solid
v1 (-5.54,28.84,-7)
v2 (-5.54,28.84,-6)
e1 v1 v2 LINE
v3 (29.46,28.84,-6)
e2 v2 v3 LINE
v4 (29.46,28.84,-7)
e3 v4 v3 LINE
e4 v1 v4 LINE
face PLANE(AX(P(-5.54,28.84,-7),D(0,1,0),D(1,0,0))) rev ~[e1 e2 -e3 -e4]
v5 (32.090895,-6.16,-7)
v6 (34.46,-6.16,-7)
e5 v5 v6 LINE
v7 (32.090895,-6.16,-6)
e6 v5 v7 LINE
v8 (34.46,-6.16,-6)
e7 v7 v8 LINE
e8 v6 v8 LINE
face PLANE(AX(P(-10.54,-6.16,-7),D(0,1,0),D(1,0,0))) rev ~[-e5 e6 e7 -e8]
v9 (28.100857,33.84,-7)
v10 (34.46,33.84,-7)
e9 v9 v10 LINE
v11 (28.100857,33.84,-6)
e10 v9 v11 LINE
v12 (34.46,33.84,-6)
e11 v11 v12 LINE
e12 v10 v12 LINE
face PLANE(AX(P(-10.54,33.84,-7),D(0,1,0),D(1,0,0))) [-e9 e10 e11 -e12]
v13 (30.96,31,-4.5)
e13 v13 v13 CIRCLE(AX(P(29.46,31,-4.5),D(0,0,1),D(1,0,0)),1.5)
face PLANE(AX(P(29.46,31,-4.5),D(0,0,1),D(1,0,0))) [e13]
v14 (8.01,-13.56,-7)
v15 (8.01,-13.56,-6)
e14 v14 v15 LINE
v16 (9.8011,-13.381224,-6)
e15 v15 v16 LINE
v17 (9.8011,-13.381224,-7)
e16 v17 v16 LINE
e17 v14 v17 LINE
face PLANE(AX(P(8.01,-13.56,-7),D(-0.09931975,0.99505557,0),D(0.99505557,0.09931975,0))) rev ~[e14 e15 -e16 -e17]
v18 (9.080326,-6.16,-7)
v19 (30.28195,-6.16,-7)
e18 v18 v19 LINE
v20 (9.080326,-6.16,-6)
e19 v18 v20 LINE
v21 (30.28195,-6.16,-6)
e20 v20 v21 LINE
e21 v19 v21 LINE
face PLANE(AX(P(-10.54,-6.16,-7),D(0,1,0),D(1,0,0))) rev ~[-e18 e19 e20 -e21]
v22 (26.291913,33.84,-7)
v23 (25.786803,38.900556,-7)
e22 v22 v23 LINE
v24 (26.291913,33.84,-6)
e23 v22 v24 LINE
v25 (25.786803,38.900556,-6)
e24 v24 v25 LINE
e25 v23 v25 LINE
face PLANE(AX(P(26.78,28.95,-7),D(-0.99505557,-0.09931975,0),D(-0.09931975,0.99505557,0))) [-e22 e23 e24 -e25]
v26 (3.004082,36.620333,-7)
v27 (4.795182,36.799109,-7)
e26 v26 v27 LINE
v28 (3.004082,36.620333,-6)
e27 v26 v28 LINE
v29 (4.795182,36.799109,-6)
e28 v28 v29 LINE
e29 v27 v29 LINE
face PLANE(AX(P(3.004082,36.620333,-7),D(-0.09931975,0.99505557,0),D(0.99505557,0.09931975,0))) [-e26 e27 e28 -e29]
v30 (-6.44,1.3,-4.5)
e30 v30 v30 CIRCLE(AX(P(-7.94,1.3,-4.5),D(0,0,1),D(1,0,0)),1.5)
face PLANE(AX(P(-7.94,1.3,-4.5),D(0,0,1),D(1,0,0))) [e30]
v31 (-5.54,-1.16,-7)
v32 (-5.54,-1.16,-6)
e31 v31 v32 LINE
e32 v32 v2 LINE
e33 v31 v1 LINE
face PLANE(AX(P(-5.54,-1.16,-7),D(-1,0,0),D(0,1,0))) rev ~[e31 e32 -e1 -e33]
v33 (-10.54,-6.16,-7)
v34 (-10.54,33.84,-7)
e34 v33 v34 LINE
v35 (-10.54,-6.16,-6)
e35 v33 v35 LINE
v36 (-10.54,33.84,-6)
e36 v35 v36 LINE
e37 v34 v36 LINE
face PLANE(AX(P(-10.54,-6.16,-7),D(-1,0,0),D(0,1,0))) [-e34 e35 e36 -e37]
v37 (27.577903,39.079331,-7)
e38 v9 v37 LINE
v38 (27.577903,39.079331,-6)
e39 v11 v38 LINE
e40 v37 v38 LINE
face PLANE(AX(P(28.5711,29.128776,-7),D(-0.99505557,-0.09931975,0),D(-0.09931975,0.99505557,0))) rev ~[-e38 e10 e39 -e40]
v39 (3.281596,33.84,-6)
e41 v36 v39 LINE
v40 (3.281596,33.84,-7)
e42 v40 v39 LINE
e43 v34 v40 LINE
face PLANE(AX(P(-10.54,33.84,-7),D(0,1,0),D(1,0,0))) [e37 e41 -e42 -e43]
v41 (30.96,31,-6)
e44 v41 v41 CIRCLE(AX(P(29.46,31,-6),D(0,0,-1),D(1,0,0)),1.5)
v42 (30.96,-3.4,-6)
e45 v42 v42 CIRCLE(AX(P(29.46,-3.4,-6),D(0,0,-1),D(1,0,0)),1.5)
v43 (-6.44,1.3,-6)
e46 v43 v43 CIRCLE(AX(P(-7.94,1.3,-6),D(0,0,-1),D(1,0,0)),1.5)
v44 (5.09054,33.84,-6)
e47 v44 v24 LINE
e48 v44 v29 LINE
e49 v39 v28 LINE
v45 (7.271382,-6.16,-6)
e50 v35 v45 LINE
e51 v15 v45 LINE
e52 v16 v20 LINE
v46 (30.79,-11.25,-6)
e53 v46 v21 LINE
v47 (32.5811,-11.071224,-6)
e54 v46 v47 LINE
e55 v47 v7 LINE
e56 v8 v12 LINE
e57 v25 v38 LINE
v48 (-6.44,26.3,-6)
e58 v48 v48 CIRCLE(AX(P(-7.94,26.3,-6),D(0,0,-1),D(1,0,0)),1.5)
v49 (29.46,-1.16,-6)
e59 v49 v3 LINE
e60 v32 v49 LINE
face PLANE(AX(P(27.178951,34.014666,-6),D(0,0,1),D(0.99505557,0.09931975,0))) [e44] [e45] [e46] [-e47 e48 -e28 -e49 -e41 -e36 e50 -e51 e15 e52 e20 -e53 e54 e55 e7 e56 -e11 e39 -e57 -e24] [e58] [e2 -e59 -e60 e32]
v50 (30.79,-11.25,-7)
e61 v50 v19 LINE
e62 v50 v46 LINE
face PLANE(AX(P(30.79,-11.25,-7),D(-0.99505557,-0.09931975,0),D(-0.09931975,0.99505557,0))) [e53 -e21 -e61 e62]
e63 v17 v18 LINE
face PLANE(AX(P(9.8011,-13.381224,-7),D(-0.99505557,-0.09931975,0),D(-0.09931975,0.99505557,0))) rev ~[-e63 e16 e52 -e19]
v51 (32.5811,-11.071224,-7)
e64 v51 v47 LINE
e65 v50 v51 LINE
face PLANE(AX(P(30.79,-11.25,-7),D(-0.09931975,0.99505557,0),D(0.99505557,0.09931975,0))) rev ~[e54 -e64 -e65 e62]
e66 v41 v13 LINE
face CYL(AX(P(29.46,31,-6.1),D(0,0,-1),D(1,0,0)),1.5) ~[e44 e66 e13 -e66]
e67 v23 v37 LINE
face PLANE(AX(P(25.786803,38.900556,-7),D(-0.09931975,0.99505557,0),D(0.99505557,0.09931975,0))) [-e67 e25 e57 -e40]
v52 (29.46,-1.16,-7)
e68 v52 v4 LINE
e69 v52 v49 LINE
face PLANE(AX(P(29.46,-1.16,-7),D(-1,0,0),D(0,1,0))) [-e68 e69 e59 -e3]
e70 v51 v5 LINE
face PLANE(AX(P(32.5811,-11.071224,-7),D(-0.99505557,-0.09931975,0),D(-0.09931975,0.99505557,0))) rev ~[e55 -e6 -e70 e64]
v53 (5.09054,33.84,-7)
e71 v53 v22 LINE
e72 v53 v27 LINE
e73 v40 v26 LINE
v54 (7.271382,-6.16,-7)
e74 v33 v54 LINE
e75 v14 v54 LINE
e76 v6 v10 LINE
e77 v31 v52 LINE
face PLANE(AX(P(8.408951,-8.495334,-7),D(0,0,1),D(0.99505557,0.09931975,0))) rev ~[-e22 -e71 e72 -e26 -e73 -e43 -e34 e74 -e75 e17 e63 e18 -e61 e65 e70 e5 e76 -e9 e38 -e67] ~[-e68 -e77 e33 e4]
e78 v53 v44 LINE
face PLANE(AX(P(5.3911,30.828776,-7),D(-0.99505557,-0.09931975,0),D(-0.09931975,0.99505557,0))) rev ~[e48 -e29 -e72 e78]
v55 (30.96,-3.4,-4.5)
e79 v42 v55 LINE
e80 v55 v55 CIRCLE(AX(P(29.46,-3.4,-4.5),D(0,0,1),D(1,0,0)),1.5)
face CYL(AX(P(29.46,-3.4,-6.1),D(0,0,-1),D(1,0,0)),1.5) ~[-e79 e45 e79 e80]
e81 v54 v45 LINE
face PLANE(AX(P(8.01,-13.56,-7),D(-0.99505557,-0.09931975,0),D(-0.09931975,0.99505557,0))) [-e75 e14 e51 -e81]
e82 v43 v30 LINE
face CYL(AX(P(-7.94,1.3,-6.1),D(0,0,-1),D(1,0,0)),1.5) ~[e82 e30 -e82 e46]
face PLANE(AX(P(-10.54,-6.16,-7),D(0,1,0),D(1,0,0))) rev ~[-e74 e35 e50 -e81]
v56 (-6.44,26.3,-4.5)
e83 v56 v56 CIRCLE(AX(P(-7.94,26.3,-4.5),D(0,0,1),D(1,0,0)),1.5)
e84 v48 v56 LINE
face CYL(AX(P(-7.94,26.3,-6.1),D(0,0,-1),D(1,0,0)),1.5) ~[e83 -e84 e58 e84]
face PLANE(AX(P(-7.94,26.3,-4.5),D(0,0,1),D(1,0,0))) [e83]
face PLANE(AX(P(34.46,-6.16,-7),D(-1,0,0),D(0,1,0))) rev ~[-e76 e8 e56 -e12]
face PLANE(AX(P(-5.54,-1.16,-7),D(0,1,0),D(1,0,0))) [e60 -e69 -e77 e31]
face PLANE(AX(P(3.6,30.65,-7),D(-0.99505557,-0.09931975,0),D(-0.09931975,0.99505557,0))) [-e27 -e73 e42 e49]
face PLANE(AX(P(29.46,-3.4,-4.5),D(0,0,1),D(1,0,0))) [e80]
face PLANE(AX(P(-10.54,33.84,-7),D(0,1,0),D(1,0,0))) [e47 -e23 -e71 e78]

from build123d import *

# Parameters (mm, degrees)
CYLINDER039_R          = 1.5
CYLINDER039_DEPTH      = 1.6
BOX015_W               = 1.8
BOX015_H               = 6
BOX015_DEPTH           = 1
BOX015_PLACEMENT_ANGLE = 5.7
BOX016_W               = 1.8
BOX016_H               = 10
BOX016_DEPTH           = 1
BOX016_PLACEMENT_ANGLE = 5.7
BOX017_W               = 1.8
BOX017_H               = 10
BOX017_DEPTH           = 1
BOX017_PLACEMENT_ANGLE = 5.7
BOX018_W               = 1.8
BOX018_H               = 10
BOX018_DEPTH           = 1
BOX018_PLACEMENT_ANGLE = 5.7
BOX019_W               = 35
BOX019_H               = 30
BOX019_DEPTH           = 1
BOX_W                  = 45
BOX_H                  = 40
BOX_DEPTH              = 1


with BuildPart() as rc522_cyl_col1:
    # Cylinder039 → Cylinder039 (new body)
    with BuildSketch(Plane(origin=(32, -3.4, -6.1), x_dir=(1, 0, 0), z_dir=(0, 0, 1))):
        Circle(CYLINDER039_R)
    extrude(amount=CYLINDER039_DEPTH)


with BuildPart() as rc522_cyl_col004:
    # Clone015 base: copy of rc522-cyl-col1
    add(rc522_cyl_col1.part)


with BuildPart() as rc522_cyl_col004_1:
    # Clone015 placement: moved
    add(rc522_cyl_col004.part.moved(Location((-37.4, 29.7, 0))))


with BuildPart() as rc522_cyl_col003:
    # Clone014 base: copy of rc522-cyl-col1
    add(rc522_cyl_col1.part)


with BuildPart() as rc522_cyl_col003_1:
    # Clone014 placement: moved
    add(rc522_cyl_col003.part.moved(Location((-37.4, 4.7, 0))))


with BuildPart() as rc522_cyl_col002:
    # Clone013 base: copy of rc522-cyl-col1
    add(rc522_cyl_col1.part)


with BuildPart() as rc522_cyl_col002_1:
    # Clone013 placement: moved
    add(rc522_cyl_col002.part.moved(Location((0, 34.4, 0))))


with BuildPart() as cube011:
    # Box015 → Box015 (new body)
    with BuildSketch(Plane.XY):
        with Locations((0.9, 3)):
            Rectangle(BOX015_W, BOX015_H)
    extrude(amount=BOX015_DEPTH)


with BuildPart() as cube011_1:
    # Box015 placement: moved
    add(cube011.part.moved(Location((6.14, 30.65, -7))).rotate(Axis((6.14, 30.65, -7), (0, 0, 1)), BOX015_PLACEMENT_ANGLE))


with BuildPart() as cube012:
    # Box016 → Box016 (new body)
    with BuildSketch(Plane.XY):
        with Locations((0.9, 5)):
            Rectangle(BOX016_W, BOX016_H)
    extrude(amount=BOX016_DEPTH)


with BuildPart() as cube012_1:
    # Box016 placement: moved
    add(cube012.part.moved(Location((29.32, 28.95, -7))).rotate(Axis((29.32, 28.95, -7), (0, 0, 1)), BOX016_PLACEMENT_ANGLE))


with BuildPart() as cube013:
    # Box017 → Box017 (new body)
    with BuildSketch(Plane.XY):
        with Locations((0.9, 5)):
            Rectangle(BOX017_W, BOX017_H)
    extrude(amount=BOX017_DEPTH)


with BuildPart() as cube013_1:
    # Box017 placement: moved
    add(cube013.part.moved(Location((10.55, -13.56, -7))).rotate(Axis((10.55, -13.56, -7), (0, 0, 1)), BOX017_PLACEMENT_ANGLE))


with BuildPart() as cube014:
    # Box018 → Box018 (new body)
    with BuildSketch(Plane.XY):
        with Locations((0.9, 5)):
            Rectangle(BOX018_W, BOX018_H)
    extrude(amount=BOX018_DEPTH)


with BuildPart() as cube014_1:
    # Box018 placement: moved
    add(cube014.part.moved(Location((33.33, -11.25, -7))).rotate(Axis((33.33, -11.25, -7), (0, 0, 1)), BOX018_PLACEMENT_ANGLE))


with BuildPart() as cube015:
    # Box019 → Box019 (new body)
    with BuildSketch(Plane(origin=(-3, -1.16, -7), x_dir=(1, 0, 0), z_dir=(0, 0, 1))):
        with Locations((17.5, 15)):
            Rectangle(BOX019_W, BOX019_H)
    extrude(amount=BOX019_DEPTH)


with BuildPart() as plastic_substrate:
    # Box → Box (new body)
    with BuildSketch(Plane(origin=(-8, -6.16, -7), x_dir=(1, 0, 0), z_dir=(0, 0, 1))):
        with Locations((22.5, 20)):
            Rectangle(BOX_W, BOX_H)
    extrude(amount=BOX_DEPTH)

    # Cut006: cut Cube015
    add(cube015.part, mode=Mode.SUBTRACT)

    # Fusion014: union Cube014
    add(cube014_1.part)

    # Fusion015: union Cube013
    add(cube013_1.part)

    # Fusion016: union Cube012
    add(cube012_1.part)

    # Fusion017: union Cube011
    add(cube011_1.part)

    # Fusion018: union rc522-cyl-col1
    add(rc522_cyl_col1.part)

    # Fusion019: union rc522-cyl-col002
    add(rc522_cyl_col002_1.part)

    # Fusion020: union rc522-cyl-col003
    add(rc522_cyl_col003_1.part)

    # Fusion021: union rc522-cyl-col004
    add(rc522_cyl_col004_1.part)


with BuildPart() as plastic_substrate_1:
    # Fusion021 placement: moved
    add(plastic_substrate.part.moved(Location((-2.54, 0, 0))))


solid = plastic_substrate_1.part
